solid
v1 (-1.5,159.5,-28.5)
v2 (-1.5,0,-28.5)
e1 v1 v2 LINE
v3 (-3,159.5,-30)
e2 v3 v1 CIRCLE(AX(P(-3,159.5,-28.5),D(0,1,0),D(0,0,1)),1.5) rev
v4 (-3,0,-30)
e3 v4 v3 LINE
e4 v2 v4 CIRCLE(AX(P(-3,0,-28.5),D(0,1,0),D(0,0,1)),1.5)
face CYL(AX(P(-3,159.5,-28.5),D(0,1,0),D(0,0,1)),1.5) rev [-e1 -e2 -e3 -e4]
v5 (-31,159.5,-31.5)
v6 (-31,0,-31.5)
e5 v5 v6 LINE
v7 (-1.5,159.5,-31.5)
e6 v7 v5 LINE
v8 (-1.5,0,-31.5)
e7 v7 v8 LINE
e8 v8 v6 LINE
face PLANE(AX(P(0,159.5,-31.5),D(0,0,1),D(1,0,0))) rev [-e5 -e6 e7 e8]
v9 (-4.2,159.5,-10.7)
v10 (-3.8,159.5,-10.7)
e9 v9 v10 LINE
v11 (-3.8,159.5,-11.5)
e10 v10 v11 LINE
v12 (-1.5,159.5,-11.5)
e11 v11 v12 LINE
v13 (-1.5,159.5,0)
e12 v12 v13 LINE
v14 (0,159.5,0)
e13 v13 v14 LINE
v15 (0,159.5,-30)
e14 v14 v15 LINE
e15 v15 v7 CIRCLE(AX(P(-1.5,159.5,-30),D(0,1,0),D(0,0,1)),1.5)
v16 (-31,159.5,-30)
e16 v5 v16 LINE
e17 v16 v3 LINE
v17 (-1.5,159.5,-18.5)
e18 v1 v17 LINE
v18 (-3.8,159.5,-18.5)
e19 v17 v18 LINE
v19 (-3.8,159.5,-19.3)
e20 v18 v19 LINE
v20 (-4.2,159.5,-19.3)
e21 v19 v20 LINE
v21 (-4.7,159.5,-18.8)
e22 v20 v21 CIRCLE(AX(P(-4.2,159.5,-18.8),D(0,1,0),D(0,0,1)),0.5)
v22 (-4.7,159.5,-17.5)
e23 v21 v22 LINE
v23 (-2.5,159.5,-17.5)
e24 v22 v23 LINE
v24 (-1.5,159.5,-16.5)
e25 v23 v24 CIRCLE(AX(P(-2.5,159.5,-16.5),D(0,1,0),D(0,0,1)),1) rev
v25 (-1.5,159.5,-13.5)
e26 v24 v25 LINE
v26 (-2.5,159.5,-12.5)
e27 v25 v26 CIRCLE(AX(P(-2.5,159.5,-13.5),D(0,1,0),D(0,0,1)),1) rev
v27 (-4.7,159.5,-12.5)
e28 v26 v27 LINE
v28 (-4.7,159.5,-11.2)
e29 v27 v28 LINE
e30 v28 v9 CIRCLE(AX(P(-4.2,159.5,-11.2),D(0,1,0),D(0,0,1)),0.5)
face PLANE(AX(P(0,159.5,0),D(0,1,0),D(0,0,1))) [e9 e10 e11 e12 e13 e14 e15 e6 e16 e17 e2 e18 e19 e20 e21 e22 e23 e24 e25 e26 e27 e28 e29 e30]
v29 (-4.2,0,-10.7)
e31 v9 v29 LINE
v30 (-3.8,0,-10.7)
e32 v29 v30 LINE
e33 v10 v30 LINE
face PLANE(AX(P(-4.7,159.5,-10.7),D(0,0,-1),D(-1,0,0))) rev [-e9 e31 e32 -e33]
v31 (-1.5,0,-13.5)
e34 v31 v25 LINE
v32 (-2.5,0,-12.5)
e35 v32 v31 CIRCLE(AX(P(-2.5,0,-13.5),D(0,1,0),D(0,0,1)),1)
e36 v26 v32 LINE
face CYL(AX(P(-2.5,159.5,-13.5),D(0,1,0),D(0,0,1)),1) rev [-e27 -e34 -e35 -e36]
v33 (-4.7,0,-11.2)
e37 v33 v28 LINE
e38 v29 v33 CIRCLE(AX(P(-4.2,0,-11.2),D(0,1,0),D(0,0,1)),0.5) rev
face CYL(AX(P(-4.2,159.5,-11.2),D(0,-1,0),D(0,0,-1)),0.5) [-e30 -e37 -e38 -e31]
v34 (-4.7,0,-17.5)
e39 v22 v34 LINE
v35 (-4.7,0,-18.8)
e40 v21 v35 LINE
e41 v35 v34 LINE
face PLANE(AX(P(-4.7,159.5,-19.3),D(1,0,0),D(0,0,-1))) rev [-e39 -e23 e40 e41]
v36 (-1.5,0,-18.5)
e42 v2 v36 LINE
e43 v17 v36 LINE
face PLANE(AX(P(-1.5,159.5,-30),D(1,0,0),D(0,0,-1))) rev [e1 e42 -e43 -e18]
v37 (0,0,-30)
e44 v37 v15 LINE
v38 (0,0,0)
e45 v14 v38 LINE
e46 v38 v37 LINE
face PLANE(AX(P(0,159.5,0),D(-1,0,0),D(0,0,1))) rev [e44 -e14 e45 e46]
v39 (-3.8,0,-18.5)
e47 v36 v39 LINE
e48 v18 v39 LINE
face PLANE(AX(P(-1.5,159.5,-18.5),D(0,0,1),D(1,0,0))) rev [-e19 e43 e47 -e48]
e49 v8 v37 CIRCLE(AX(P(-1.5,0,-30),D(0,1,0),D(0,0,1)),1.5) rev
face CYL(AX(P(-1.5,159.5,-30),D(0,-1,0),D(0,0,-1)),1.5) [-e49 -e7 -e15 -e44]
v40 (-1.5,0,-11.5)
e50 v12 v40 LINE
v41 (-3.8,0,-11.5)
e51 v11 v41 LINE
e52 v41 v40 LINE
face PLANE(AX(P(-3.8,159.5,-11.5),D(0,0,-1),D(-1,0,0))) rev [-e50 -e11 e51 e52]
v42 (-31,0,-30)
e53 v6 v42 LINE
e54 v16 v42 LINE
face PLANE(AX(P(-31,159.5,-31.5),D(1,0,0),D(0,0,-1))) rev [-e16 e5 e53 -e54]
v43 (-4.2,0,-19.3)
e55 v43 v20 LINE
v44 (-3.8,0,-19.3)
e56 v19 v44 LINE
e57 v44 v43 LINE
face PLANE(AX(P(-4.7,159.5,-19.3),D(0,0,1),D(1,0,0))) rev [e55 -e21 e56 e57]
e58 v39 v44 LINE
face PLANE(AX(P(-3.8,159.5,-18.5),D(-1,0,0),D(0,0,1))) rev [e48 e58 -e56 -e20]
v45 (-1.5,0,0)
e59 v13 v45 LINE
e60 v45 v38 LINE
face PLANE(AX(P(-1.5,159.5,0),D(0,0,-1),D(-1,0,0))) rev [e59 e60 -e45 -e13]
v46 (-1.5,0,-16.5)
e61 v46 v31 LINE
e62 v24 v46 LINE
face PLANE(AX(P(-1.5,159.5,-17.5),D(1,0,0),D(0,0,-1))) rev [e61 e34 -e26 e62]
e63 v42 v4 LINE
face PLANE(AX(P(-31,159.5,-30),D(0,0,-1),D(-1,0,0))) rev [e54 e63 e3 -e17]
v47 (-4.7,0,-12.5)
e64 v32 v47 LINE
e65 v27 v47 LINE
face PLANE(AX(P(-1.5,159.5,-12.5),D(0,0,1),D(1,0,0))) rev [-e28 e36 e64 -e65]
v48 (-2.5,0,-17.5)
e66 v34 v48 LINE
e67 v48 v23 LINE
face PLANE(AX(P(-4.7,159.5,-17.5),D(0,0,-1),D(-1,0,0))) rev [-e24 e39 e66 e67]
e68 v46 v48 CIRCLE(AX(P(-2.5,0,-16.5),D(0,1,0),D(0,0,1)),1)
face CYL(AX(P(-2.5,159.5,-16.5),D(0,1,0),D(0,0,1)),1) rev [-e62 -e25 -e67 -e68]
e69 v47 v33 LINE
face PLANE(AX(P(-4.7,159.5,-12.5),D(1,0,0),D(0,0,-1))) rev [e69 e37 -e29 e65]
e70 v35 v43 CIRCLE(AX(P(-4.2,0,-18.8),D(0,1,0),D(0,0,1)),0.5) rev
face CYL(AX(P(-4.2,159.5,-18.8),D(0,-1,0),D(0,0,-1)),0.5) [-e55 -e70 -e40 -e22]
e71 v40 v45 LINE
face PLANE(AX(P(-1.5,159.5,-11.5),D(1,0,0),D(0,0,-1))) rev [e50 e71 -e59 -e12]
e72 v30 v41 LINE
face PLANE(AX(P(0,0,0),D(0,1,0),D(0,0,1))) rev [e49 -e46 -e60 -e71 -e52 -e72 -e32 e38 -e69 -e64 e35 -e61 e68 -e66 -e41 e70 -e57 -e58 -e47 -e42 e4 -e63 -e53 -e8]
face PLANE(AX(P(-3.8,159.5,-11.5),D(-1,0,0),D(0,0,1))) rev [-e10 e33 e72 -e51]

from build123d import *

# Parameters (mm, degrees)
SALIENTE_EXTRUIR1_DEPTH = 159.5
REDONDEO1_R             = 0.5
REDONDEO2_R             = 1
REDONDEO3_R             = 1.5
REDONDEO4_R             = 1.5


with BuildPart() as part:
    # Croquis1 → Saliente-Extruir1 (new body)
    with BuildSketch(Plane(origin=(0, 0, 0), x_dir=(1, 0, 0), z_dir=(0, 1, 0))):
        Polygon((0, 0), (0, 31.5), (-31, 31.5), (-31, 30), (-1.5, 30), (-1.5, 18.5), (-3.8, 18.5), (-3.8, 19.3), (-4.7, 19.3), (-4.7, 17.5), (-1.5, 17.5), (-1.5, 12.5), (-4.7, 12.5), (-4.7, 10.7), (-3.8, 10.7), (-3.8, 11.5), (-1.5, 11.5), (-1.5, 0), align=None)
    extrude(amount=SALIENTE_EXTRUIR1_DEPTH)

    # Redondeo1
    redondeo1_edges = [part.edges().sort_by_distance(p)[0] for p in [
        (-4.7, 79.75, -10.7),
        (-4.7, 79.75, -19.3),
    ]]
    fillet(redondeo1_edges, radius=REDONDEO1_R)

    # Redondeo2
    redondeo2_edges = [part.edges().sort_by_distance(p)[0] for p in [
        (-1.5, 79.75, -12.5),
        (-1.5, 79.75, -17.5),
    ]]
    fillet(redondeo2_edges, radius=REDONDEO2_R)

    # Redondeo3
    redondeo3_edges = [part.edges().sort_by_distance(p)[0] for p in [
        (-1.5, 79.75, -30),
    ]]
    fillet(redondeo3_edges, radius=REDONDEO3_R)

    # Redondeo4
    redondeo4_edges = [part.edges().sort_by_distance(p)[0] for p in [
        (0, 79.75, -31.5),
    ]]
    fillet(redondeo4_edges, radius=REDONDEO4_R)


solid = part.part
